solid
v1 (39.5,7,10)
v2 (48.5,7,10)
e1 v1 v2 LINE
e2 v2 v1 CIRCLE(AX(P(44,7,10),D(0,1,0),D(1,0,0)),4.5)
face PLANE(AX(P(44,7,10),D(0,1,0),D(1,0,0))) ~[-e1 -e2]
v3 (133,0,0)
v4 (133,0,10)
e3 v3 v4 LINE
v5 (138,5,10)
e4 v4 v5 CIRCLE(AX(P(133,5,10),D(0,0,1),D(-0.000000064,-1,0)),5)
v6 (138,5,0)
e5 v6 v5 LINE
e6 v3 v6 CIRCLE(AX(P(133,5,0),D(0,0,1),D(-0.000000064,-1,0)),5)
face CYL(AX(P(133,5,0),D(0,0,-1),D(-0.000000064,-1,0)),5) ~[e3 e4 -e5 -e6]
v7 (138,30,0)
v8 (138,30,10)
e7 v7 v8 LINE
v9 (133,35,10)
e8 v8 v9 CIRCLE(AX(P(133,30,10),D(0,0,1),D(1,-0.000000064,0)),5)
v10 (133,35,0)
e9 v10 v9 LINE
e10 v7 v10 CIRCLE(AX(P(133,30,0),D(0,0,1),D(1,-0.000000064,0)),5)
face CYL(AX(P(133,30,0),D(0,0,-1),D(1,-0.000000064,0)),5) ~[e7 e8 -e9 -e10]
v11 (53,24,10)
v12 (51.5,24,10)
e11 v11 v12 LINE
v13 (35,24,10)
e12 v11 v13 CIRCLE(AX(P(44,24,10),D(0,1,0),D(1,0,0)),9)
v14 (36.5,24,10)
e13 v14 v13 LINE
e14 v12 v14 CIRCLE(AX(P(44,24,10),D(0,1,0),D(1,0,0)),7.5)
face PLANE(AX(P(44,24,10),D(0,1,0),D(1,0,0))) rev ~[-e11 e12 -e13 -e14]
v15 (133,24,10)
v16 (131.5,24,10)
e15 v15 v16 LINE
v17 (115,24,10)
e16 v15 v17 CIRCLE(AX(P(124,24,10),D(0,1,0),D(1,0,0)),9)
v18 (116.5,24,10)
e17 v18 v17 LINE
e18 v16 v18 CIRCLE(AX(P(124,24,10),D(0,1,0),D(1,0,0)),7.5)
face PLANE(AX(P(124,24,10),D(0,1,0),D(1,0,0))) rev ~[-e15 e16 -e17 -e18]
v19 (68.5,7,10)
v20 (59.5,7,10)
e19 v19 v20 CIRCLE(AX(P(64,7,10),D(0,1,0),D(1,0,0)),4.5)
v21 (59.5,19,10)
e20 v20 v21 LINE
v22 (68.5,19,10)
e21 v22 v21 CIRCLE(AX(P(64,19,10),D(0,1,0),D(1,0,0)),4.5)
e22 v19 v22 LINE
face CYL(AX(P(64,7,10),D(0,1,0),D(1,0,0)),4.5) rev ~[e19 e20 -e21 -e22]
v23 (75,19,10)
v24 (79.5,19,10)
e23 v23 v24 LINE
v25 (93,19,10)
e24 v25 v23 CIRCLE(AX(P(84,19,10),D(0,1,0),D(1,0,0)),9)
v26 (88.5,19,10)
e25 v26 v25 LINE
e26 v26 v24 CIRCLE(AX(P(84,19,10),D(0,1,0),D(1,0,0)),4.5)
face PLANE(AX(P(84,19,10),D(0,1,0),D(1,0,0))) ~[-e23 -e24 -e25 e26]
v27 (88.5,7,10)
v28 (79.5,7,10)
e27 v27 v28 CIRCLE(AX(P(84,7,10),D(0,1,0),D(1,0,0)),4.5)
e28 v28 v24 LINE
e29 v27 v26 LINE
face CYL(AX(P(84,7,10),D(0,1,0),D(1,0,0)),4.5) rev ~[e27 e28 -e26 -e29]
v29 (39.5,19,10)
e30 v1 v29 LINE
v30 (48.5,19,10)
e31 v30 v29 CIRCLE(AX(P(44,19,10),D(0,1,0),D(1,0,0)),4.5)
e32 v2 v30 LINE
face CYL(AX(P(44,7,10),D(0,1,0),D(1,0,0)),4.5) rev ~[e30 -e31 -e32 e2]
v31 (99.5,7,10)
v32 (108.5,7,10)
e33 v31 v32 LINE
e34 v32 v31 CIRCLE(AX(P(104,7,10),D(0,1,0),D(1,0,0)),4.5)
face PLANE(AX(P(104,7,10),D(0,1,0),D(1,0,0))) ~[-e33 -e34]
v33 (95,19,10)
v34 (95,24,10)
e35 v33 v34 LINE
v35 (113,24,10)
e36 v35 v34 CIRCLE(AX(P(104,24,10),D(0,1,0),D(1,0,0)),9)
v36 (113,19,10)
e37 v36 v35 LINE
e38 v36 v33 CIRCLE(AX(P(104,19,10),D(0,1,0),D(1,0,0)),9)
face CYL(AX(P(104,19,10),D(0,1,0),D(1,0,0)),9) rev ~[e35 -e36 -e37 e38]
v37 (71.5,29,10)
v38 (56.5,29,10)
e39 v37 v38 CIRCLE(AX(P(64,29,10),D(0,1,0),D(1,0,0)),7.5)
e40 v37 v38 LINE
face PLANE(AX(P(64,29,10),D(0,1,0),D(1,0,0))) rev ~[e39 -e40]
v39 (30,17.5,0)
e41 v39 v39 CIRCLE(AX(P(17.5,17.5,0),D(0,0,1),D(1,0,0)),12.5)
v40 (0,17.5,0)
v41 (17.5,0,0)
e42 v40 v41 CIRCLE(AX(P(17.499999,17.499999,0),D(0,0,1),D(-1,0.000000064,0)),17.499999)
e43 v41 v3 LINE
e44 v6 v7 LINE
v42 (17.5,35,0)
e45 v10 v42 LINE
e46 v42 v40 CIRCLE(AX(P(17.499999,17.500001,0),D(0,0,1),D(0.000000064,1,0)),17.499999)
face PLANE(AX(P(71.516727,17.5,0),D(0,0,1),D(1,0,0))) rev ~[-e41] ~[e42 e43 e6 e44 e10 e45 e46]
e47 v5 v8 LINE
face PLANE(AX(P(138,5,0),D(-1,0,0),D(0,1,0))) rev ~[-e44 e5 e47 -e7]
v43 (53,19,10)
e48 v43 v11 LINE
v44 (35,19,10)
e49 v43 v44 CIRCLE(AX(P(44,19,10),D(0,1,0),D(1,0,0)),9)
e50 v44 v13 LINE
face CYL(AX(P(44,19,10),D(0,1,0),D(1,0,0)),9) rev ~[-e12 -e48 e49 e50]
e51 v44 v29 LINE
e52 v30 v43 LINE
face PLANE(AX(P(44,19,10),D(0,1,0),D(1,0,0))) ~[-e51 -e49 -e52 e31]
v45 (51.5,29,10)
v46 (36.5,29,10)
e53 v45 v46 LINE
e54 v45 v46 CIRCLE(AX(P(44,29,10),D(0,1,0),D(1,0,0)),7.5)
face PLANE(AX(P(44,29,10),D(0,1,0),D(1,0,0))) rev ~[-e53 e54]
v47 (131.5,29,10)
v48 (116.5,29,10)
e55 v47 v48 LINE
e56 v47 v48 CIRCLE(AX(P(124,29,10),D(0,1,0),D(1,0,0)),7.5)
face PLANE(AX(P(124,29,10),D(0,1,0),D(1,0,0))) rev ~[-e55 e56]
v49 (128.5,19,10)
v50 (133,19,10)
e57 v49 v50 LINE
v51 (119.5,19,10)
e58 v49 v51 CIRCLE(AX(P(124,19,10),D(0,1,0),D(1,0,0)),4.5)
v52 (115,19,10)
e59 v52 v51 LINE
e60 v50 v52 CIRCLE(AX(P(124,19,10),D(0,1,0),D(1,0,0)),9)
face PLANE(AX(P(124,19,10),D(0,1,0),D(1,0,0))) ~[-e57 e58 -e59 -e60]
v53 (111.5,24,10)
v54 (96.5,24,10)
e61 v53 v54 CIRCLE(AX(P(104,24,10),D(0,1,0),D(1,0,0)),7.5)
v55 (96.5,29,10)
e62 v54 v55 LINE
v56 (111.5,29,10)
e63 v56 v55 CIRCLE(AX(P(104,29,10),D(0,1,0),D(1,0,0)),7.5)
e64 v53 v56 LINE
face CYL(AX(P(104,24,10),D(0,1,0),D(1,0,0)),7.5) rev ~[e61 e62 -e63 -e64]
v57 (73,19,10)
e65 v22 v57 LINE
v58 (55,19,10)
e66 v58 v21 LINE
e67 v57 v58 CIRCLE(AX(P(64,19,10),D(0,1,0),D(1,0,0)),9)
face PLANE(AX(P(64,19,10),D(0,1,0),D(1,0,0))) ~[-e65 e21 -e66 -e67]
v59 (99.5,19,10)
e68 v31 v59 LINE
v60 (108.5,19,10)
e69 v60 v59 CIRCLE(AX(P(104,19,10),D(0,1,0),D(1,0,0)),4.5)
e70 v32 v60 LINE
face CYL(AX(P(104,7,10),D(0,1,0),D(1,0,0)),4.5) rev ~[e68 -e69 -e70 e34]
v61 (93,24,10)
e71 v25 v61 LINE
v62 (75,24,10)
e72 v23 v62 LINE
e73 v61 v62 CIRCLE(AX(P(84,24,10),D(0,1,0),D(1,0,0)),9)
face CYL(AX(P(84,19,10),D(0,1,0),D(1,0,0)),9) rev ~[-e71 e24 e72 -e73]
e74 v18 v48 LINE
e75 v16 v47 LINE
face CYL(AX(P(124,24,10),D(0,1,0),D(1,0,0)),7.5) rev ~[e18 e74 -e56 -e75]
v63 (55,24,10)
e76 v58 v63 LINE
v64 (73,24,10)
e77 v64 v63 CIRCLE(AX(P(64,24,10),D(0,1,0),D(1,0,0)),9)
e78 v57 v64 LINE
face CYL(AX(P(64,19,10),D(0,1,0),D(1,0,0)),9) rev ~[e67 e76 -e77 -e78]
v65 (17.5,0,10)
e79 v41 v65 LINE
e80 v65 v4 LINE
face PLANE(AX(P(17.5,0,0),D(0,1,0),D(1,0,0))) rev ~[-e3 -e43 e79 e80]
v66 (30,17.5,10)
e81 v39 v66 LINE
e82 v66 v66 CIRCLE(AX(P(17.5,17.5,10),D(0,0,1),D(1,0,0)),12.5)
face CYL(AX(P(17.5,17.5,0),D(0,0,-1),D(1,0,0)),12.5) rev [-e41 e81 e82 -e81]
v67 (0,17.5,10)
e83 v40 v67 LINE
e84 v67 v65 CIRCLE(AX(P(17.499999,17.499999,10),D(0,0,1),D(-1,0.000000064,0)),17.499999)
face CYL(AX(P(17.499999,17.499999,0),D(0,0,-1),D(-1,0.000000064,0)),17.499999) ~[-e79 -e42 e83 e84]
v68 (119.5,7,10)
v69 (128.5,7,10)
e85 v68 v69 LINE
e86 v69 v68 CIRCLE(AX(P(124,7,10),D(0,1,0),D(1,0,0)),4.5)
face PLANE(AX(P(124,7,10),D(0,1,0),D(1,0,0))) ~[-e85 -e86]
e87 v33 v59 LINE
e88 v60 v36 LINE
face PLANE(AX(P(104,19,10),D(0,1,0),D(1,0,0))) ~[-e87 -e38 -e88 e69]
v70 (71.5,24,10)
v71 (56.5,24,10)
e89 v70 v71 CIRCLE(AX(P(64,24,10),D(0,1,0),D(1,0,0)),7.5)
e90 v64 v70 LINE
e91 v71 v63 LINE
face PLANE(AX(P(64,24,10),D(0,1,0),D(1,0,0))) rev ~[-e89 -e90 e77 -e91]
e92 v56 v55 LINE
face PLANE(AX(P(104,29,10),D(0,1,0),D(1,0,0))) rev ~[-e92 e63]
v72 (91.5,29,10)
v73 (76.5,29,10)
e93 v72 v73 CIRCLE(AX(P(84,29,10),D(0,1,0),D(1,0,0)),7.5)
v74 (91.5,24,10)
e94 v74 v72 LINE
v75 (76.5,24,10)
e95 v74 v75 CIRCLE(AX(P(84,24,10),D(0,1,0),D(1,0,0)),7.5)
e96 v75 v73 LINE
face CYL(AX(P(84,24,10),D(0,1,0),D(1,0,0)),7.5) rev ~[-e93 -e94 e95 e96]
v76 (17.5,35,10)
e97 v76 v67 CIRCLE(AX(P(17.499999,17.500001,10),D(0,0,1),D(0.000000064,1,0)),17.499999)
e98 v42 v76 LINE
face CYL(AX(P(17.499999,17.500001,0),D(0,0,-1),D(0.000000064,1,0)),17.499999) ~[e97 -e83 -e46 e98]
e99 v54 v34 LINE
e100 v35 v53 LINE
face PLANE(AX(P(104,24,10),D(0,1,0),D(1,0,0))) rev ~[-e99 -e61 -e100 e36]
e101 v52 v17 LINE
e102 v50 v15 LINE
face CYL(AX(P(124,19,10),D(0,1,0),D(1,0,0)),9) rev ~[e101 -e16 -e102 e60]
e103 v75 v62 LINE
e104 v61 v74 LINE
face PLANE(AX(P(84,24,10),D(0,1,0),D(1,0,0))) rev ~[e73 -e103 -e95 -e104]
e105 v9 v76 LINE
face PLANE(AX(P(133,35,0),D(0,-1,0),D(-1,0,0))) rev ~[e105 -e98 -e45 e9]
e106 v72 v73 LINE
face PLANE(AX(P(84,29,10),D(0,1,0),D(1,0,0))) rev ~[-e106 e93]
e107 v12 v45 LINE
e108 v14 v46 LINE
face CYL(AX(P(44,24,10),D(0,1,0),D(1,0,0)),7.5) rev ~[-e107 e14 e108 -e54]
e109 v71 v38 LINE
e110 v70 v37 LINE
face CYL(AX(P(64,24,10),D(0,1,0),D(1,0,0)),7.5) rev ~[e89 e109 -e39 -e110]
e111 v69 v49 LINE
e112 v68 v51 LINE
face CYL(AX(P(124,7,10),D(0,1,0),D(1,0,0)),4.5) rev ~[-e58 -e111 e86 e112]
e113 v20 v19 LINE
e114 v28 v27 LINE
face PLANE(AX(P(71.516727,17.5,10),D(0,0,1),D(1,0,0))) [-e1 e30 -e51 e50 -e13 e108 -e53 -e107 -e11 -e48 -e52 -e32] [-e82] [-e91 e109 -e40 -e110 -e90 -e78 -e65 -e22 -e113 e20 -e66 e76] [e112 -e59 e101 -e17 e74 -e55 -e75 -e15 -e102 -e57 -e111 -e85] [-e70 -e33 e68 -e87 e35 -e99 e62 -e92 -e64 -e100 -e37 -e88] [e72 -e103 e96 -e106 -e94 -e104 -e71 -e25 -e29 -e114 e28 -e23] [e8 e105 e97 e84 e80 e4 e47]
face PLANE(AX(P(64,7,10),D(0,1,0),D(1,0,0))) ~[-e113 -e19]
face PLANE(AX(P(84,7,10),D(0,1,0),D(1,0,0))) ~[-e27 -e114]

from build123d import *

# Parameters (mm, degrees)
F0_R     = 12.5
F1_DEPTH = 10


with BuildPart() as f1:
    # F0 (on Top) → F1 (new body)
    with BuildSketch(Plane.XY):
        with BuildLine():
            ThreePointArc((0, 17.5), (5.125631, 5.125631), (17.5, 0))
            Line((17.5, 0), (133, 0))
            ThreePointArc((133, 0), (136.535534, 1.464466), (138, 5))
            Line((138, 5), (138, 30))
            ThreePointArc((138, 30), (136.535534, 33.535534), (133, 35))
            Line((133, 35), (17.5, 35))
            ThreePointArc((17.5, 35), (5.125631, 29.874369), (0, 17.5))
        make_face()
        with Locations((17.5, 17.5)):
            Circle(F0_R, mode=Mode.SUBTRACT)
    extrude(amount=F1_DEPTH)

    # F2 (on face) → F3 (revolve, cut)
    with BuildSketch(Plane.XY.offset(10)):
        Polygon((44, 19), (44, 7), (48.5, 7), (48.5, 19), (53, 19), (53, 24), (51.5, 24), (51.5, 29), (44, 29), (44, 24), align=None)
    revolve(axis=Axis((44, 13, 10), (0, 1, 0)), mode=Mode.SUBTRACT)

    # F2 (on face) → F4 (revolve, cut)
    with BuildSketch(Plane.XY.offset(10)):
        Polygon((64, 19), (64, 7), (68.5, 7), (68.5, 19), (73, 19), (73, 24), (71.5, 24), (71.5, 29), (64, 29), (64, 24), align=None)
    revolve(axis=Axis((64, 21.5, 10), (0, 1, 0)), mode=Mode.SUBTRACT)

    # F2 (on face) → F5 (revolve, cut)
    with BuildSketch(Plane.XY.offset(10)):
        Polygon((84, 19), (84, 7), (88.5, 7), (88.5, 19), (93, 19), (93, 24), (91.5, 24), (91.5, 29), (84, 29), (84, 24), align=None)
    revolve(axis=Axis((84, 21.5, 10), (0, 1, 0)), mode=Mode.SUBTRACT)

    # F2 (on face) → F6 (revolve, cut)
    with BuildSketch(Plane.XY.offset(10)):
        Polygon((104, 19), (104, 7), (108.5, 7), (108.5, 19), (113, 19), (113, 24), (111.5, 24), (111.5, 29), (104, 29), (104, 24), align=None)
    revolve(axis=Axis((104, 13, 10), (0, 1, 0)), mode=Mode.SUBTRACT)

    # F2 (on face) → F7 (revolve, cut)
    with BuildSketch(Plane.XY.offset(10)):
        Polygon((124, 19), (124, 7), (128.5, 7), (128.5, 19), (133, 19), (133, 24), (131.5, 24), (131.5, 29), (124, 29), (124, 24), align=None)
    revolve(axis=Axis((124, 13, 10), (0, 1, 0)), mode=Mode.SUBTRACT)


solid = f1.part
